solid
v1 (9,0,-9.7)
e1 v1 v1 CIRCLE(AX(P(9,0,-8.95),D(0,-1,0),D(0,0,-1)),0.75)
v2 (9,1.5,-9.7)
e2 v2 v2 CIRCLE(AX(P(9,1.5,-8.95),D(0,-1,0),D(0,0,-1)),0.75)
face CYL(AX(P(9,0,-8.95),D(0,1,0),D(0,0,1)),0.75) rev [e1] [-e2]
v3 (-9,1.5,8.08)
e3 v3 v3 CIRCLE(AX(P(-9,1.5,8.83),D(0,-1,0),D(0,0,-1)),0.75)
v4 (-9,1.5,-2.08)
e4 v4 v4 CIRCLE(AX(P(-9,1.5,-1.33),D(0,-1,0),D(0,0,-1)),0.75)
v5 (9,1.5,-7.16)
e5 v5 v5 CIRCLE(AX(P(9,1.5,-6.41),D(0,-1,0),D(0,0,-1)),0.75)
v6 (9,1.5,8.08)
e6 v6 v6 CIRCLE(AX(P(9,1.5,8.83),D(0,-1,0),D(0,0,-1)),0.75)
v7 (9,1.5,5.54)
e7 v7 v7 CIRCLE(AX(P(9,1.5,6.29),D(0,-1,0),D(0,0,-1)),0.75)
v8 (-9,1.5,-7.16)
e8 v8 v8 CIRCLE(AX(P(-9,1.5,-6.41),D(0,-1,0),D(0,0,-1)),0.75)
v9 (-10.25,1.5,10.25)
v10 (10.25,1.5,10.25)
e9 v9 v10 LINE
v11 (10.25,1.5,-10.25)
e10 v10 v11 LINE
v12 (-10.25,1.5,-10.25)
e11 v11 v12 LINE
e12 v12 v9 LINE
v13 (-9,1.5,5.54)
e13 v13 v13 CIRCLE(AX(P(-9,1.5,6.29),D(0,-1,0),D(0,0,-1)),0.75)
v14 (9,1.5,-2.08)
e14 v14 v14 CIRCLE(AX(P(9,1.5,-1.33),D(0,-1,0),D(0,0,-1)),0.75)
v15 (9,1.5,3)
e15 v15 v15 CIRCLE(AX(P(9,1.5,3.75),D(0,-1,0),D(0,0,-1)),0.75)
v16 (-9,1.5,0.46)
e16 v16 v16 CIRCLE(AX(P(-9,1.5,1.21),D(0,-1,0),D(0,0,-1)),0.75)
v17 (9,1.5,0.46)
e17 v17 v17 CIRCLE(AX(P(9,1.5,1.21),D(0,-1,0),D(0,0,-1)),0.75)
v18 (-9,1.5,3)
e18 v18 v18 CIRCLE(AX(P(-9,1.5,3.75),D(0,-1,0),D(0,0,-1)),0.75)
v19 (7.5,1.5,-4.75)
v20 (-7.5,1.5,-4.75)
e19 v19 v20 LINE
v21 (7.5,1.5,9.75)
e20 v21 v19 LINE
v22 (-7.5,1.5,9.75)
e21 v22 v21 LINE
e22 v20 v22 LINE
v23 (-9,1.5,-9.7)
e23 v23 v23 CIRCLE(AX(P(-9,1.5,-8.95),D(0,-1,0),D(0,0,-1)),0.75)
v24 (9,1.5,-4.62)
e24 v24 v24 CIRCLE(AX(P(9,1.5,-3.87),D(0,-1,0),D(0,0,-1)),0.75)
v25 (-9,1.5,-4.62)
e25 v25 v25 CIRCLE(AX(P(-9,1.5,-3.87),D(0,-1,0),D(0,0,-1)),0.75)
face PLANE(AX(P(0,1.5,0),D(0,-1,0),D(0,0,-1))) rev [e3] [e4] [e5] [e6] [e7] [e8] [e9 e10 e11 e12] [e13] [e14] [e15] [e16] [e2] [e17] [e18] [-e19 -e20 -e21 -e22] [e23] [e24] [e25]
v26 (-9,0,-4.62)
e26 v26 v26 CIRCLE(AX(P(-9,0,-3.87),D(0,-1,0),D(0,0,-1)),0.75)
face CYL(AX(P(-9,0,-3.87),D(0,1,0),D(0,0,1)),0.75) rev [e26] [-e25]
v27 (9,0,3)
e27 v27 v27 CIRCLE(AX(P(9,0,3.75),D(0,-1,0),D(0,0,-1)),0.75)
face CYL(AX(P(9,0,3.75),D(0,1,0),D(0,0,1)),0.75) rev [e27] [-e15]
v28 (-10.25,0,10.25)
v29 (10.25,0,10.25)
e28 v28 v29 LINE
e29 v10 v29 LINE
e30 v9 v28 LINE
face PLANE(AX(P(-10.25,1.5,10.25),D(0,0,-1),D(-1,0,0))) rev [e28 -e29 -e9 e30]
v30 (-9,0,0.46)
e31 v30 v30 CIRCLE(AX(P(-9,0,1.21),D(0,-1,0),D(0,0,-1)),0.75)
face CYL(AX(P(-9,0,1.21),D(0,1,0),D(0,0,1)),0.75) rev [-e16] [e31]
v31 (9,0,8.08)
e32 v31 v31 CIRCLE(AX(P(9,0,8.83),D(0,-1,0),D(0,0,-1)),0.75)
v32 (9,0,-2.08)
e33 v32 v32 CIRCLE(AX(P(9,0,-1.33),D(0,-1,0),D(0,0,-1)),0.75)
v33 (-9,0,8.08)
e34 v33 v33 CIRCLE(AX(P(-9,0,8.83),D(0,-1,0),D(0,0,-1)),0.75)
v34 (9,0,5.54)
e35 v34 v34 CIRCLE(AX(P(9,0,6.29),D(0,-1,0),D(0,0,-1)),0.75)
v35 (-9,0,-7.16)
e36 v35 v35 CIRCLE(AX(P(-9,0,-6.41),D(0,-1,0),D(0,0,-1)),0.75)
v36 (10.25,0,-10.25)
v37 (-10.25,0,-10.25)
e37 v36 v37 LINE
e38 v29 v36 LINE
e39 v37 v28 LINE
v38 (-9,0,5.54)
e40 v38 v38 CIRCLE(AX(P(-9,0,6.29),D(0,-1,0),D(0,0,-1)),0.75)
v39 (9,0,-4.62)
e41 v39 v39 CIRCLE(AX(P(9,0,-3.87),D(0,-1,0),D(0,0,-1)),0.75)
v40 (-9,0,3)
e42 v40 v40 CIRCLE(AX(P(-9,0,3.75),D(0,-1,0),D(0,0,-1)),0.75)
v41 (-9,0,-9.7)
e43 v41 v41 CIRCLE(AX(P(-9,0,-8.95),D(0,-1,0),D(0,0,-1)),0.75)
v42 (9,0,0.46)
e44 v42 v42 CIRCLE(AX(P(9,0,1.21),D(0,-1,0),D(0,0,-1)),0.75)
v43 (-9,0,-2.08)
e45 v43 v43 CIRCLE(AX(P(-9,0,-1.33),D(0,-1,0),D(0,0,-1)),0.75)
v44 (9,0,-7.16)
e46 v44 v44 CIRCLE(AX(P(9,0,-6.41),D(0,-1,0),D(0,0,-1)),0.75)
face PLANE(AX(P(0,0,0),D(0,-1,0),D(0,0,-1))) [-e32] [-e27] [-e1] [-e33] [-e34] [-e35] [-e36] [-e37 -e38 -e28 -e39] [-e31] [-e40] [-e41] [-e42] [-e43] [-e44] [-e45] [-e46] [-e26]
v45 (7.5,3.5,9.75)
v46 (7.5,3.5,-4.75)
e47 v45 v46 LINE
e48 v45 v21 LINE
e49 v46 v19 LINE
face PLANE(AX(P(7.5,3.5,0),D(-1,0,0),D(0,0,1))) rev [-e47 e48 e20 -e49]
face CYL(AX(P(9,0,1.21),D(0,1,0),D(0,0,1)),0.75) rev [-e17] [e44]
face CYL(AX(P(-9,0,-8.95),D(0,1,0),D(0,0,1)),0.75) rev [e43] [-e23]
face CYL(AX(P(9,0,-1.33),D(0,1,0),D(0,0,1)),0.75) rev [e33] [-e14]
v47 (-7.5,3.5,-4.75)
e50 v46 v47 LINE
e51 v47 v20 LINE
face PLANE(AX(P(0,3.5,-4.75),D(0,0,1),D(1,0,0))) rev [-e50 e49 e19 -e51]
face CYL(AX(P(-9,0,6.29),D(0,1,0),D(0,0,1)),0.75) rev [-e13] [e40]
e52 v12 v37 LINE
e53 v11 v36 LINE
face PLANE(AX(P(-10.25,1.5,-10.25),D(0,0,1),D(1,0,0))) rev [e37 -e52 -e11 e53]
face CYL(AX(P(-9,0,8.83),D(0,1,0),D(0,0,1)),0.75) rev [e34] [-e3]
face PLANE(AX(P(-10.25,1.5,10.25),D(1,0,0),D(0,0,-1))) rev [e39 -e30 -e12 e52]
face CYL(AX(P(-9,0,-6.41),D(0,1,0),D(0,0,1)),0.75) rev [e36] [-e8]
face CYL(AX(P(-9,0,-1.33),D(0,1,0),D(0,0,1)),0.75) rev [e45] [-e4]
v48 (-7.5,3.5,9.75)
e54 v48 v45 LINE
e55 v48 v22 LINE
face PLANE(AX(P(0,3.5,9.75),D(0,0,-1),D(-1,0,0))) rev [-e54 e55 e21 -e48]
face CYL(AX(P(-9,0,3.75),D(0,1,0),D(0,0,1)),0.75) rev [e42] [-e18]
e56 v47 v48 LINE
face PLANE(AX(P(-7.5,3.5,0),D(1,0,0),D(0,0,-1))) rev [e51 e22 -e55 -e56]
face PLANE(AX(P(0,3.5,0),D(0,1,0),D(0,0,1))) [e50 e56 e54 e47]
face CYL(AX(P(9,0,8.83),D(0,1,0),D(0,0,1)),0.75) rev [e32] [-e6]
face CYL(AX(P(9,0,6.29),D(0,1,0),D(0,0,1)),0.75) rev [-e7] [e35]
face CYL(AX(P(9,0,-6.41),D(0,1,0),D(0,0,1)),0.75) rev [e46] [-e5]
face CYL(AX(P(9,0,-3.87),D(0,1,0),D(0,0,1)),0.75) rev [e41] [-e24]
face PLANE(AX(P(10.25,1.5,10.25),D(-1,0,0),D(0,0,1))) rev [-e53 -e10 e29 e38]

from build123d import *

# Parameters (mm, degrees)
SKETCH1_W           = 20.5
SKETCH1_H           = 20.5
BOSS_EXTRUDE1_DEPTH = 1.5
CUT_EXTRUDE1_START  = 1.5
SKETCH2_R           = 0.75
CUT_EXTRUDE1_DEPTH  = 2.5
BOSS_EXTRUDE2_START = 1.5
SKETCH3_W           = 15
SKETCH3_H           = 14.5
BOSS_EXTRUDE2_DEPTH = 2


with BuildPart() as part:
    # Sketch1 → Boss-Extrude1 (new body)
    with BuildSketch(Plane(origin=(0, 0, 0), x_dir=(1, 0, 0), z_dir=(0, 1, 0))):
        Rectangle(SKETCH1_W, SKETCH1_H)
    extrude(amount=BOSS_EXTRUDE1_DEPTH)

    # Sketch2 → Cut-Extrude1 (cut, through all)
    with BuildSketch(Plane(origin=(0, 0, 0), x_dir=(1, 0, 0), z_dir=(0, 1, 0)).offset(CUT_EXTRUDE1_START)):
        with Locations((-9, 8.95)):
            Circle(SKETCH2_R)
        with Locations((-9, 6.41)):
            Circle(SKETCH2_R)
        with Locations((-9, 3.87)):
            Circle(SKETCH2_R)
        with Locations((-9, 1.33)):
            Circle(SKETCH2_R)
        with Locations((-9, -1.21)):
            Circle(SKETCH2_R)
        with Locations((-9, -3.75)):
            Circle(SKETCH2_R)
        with Locations((-9, -6.29)):
            Circle(SKETCH2_R)
        with Locations((-9, -8.83)):
            Circle(SKETCH2_R)
        with Locations((9, -8.83)):
            Circle(SKETCH2_R)
        with Locations((9, -6.29)):
            Circle(SKETCH2_R)
        with Locations((9, -3.75)):
            Circle(SKETCH2_R)
        with Locations((9, -1.21)):
            Circle(SKETCH2_R)
        with Locations((9, 1.33)):
            Circle(SKETCH2_R)
        with Locations((9, 3.87)):
            Circle(SKETCH2_R)
        with Locations((9, 6.41)):
            Circle(SKETCH2_R)
        with Locations((9, 8.95)):
            Circle(SKETCH2_R)
    extrude(amount=-CUT_EXTRUDE1_DEPTH, mode=Mode.SUBTRACT)

    # Sketch3 → Boss-Extrude2 (add)
    with BuildSketch(Plane(origin=(0, 0, 0), x_dir=(1, 0, 0), z_dir=(0, 1, 0)).offset(BOSS_EXTRUDE2_START)):
        with Locations((0, -2.5)):
            Rectangle(SKETCH3_W, SKETCH3_H)
    extrude(amount=BOSS_EXTRUDE2_DEPTH)


solid = part.part
